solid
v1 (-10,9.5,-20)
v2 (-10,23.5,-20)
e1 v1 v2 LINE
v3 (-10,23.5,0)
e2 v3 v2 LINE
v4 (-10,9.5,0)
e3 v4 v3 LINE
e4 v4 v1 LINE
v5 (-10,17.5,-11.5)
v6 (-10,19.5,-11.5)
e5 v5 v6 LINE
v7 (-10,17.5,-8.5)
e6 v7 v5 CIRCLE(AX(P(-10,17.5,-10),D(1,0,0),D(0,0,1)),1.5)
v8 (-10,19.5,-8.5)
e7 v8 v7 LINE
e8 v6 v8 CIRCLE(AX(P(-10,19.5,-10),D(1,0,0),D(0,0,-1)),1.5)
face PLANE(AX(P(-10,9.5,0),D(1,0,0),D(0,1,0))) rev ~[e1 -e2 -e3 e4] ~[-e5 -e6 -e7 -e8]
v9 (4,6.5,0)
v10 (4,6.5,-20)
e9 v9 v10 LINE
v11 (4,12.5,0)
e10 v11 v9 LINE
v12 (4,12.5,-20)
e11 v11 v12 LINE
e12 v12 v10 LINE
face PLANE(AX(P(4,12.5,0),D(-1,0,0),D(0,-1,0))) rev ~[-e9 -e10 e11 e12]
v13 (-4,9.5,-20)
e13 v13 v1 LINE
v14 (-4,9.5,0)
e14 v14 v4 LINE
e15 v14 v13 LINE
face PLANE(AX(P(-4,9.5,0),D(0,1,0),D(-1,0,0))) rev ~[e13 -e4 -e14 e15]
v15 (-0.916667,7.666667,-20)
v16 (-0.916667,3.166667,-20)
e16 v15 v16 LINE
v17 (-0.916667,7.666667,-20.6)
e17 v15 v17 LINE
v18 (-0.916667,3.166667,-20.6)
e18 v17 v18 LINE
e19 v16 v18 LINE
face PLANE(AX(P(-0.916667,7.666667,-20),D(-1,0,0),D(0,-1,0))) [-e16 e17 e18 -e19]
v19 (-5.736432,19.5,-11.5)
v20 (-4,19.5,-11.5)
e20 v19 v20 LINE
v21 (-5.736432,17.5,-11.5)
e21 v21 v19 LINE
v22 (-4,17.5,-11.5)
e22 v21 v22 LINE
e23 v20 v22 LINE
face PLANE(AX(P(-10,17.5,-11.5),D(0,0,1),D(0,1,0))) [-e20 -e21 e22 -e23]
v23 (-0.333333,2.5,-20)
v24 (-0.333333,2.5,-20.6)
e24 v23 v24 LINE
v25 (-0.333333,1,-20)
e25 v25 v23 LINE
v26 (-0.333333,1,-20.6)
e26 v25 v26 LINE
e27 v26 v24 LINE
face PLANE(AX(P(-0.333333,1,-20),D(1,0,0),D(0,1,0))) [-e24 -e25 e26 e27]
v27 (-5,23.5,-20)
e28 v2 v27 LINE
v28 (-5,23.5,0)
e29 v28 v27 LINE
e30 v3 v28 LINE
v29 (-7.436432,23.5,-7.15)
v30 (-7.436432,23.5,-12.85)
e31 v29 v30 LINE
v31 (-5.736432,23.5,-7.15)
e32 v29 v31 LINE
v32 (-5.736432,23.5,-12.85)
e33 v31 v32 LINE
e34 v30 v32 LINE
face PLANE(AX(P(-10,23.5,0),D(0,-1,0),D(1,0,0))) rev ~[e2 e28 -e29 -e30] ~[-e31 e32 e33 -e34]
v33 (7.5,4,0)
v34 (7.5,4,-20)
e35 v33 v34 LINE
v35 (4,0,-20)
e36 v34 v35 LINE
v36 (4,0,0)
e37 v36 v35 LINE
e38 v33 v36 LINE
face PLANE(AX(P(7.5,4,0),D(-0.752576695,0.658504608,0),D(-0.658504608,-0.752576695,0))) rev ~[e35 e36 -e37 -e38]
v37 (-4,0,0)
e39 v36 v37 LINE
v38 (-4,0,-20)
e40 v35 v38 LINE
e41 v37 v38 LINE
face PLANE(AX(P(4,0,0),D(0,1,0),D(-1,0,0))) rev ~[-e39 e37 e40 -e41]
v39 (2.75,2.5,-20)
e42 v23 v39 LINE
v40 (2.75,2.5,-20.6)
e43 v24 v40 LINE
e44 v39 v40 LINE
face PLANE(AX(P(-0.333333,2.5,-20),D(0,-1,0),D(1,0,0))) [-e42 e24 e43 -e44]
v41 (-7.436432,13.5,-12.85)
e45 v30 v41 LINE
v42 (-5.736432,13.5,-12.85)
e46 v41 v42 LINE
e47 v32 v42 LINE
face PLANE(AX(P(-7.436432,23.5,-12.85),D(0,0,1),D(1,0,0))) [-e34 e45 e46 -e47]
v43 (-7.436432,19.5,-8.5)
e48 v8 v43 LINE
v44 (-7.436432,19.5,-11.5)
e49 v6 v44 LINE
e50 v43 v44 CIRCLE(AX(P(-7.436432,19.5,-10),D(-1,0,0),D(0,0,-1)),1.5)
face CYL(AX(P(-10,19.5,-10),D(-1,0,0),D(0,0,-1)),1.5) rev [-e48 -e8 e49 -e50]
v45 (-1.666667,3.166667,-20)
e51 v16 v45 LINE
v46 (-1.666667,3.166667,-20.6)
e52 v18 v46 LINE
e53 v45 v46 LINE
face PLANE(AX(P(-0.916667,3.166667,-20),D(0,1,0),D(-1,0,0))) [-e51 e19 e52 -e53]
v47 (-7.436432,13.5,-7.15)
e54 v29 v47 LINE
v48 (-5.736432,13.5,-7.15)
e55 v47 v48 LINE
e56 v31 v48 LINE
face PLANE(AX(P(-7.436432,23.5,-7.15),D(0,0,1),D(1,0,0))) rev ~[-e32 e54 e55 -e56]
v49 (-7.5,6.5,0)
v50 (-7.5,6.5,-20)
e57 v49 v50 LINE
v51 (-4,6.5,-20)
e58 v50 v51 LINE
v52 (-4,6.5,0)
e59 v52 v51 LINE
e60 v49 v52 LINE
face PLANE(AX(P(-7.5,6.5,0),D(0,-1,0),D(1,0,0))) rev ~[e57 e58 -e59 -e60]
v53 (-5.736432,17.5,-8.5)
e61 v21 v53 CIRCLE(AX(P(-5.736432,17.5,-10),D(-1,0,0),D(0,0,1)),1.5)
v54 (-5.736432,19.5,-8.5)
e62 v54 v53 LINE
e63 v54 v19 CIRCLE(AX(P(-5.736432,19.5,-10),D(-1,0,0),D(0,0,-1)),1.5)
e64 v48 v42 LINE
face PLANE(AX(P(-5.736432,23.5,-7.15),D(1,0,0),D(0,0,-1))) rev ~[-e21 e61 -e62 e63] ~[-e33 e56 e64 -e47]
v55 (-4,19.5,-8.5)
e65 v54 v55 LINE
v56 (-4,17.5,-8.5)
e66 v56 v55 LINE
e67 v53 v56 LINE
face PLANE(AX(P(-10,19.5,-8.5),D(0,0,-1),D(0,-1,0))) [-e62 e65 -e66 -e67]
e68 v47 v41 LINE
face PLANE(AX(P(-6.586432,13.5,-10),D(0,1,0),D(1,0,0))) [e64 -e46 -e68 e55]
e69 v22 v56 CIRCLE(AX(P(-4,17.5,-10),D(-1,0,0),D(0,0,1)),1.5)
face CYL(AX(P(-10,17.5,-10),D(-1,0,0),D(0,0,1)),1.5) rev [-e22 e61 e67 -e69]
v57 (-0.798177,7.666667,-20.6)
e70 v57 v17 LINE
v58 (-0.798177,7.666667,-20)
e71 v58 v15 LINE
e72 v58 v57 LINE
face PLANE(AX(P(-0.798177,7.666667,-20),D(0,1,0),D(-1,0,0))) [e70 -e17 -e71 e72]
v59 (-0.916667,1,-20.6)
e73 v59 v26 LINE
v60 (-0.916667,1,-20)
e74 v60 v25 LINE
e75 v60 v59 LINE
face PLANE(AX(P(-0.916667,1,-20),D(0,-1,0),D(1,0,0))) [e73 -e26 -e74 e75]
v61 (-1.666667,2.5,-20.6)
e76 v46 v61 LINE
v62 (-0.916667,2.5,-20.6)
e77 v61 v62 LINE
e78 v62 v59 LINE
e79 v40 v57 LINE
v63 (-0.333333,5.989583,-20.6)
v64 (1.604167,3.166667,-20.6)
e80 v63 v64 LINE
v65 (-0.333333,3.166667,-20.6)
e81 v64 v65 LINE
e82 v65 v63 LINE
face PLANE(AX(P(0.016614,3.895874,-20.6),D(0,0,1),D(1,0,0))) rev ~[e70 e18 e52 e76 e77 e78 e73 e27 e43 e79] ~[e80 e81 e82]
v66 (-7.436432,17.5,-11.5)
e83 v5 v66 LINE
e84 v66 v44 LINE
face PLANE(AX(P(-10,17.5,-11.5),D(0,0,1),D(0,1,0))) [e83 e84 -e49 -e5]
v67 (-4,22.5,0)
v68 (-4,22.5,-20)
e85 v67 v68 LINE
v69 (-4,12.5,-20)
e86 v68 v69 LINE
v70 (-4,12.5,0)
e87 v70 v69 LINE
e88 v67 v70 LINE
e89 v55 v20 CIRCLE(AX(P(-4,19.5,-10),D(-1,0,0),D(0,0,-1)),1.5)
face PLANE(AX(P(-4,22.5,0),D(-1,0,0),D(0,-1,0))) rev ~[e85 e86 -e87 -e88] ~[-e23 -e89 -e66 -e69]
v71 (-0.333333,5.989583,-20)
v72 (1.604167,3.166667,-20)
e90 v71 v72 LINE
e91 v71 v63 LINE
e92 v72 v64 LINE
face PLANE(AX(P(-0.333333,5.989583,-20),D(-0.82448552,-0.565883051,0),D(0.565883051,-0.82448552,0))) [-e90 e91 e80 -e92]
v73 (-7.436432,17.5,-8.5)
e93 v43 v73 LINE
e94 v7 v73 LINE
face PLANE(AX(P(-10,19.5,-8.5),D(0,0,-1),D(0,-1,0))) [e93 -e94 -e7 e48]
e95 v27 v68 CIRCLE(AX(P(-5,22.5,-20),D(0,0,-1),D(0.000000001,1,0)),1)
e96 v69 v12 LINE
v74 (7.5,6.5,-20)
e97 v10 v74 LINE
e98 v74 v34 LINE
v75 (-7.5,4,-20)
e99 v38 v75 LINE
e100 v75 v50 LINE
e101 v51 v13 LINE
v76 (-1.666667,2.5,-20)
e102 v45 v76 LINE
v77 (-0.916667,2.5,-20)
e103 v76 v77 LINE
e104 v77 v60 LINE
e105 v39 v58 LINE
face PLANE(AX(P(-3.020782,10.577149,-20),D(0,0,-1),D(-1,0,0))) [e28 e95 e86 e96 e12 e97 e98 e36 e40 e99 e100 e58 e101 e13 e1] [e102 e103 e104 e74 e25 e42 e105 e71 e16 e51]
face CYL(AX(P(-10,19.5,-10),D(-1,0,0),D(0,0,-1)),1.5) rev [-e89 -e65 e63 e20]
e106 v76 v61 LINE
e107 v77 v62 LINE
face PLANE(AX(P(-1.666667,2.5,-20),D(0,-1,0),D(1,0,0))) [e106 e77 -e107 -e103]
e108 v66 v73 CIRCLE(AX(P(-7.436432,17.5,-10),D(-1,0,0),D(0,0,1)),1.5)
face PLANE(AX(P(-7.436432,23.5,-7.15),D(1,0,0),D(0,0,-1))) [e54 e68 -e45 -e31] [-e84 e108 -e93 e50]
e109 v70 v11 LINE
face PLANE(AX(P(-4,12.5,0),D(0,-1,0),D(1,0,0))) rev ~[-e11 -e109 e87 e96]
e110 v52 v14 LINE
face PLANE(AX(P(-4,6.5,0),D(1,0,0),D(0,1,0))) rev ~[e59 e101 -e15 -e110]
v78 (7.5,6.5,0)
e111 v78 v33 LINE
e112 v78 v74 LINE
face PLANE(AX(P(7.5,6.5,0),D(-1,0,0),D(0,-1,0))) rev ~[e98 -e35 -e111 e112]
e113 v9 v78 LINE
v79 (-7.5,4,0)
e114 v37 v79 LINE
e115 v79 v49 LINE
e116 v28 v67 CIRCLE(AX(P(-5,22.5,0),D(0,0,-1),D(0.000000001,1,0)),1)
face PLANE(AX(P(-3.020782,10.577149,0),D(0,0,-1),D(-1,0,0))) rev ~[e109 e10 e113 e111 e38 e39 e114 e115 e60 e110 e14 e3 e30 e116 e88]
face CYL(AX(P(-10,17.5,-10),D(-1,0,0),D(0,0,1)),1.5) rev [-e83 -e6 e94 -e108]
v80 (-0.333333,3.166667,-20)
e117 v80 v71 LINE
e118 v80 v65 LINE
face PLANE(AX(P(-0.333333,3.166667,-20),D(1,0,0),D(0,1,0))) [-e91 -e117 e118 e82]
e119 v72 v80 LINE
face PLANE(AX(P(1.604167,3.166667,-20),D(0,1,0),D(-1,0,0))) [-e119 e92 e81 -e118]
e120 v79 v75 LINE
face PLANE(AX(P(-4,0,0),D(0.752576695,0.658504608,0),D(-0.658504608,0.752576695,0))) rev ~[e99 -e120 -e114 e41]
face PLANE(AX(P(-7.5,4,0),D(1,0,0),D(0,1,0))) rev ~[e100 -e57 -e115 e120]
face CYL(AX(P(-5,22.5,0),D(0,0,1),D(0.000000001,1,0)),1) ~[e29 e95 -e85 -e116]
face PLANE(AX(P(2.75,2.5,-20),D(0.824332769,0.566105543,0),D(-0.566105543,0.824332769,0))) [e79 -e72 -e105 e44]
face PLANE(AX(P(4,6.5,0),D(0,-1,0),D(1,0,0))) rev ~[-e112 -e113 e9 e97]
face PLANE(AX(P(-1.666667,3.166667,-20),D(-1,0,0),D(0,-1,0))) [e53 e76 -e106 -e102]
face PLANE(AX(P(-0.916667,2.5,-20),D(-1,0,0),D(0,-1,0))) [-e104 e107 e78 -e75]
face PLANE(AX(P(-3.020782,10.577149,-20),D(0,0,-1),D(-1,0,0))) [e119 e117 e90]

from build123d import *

# Parameters (mm, degrees)
ESTRUSIONE_ESTRUSIONE1_DEPTH = 20
TAGLIO_ESTRUSIONE1_REACH     = 37.475
ESTRUSIONE_ESTRUSIONE4_DEPTH = 0.6
SCHIZZO12_W                  = 1.7
SCHIZZO12_H                  = 5.7
TAGLIO_ESTRUSIONE2_DEPTH     = 10


with BuildPart() as part:
    # Schizzo2 → Estrusione-Estrusione1 (new body)
    with BuildSketch(Plane.XY):
        with BuildLine():
            Line((-4, 9.5), (-10, 9.5))
            Line((-10, 9.5), (-10, 23.5))
            Line((-10, 23.5), (-5, 23.5))
            ThreePointArc((-5, 23.5), (-4.292893219, 23.207106781), (-4, 22.5))
            Line((-4, 22.5), (-4, 12.5))
            Line((-4, 12.5), (4, 12.5))
            Line((4, 12.5), (4, 9.5))
            Line((4, 9.5), (4, 6.5))
            Line((4, 6.5), (7.5, 6.5))
            Line((7.5, 6.5), (7.5, 4))
            Line((7.5, 4), (4, 0))
            Line((4, 0), (-4, 0))
            Line((-4, 0), (-7.5, 4))
            Line((-7.5, 4), (-7.5, 6.5))
            Line((-7.5, 6.5), (-4, 6.5))
            Line((-4, 6.5), (-4, 9.5))
        make_face()
    extrude(amount=-ESTRUSIONE_ESTRUSIONE1_DEPTH)

    # Schizzo6 → Taglio-Estrusione1 (cut, up to next)
    with BuildSketch(Plane.ZY.offset(10), mode=Mode.PRIVATE) as taglio_estrusione1_sk1:
        with BuildLine():
            Line((-8.5, 19.5), (-8.5, 17.5))
            ThreePointArc((-8.5, 17.5), (-10, 16), (-11.5, 17.5))
            Line((-11.5, 17.5), (-11.5, 19.5))
            ThreePointArc((-11.5, 19.5), (-10, 21), (-8.5, 19.5))
        make_face()
    taglio_estrusione1_tool1 = extrude(taglio_estrusione1_sk1.sketch, amount=-TAGLIO_ESTRUSIONE1_REACH, mode=Mode.PRIVATE) & part.part
    add(taglio_estrusione1_tool1.solids().sort_by_distance((-10, 18.5, -10))[0], mode=Mode.SUBTRACT)

    # Schizzo11 → Estrusione-Estrusione4 (add)
    with BuildSketch(Plane(origin=(0, 0, -20), x_dir=(-1, 0, 0), z_dir=(0, 0, -1))):
        Polygon((0.798177083, 7.666666667), (0.916666667, 7.666666667), (0.916666667, 3.166666667), (1.666666667, 3.166666667), (1.666666667, 2.5), (0.916666667, 2.5), (0.916666667, 1), (0.333333333, 1), (0.333333333, 2.5), (-2.75, 2.5), align=None)
        Polygon((0.333333333, 3.166666667), (0.333333333, 5.989583333), (-1.604166667, 3.166666667), align=None, mode=Mode.SUBTRACT)
    extrude(amount=ESTRUSIONE_ESTRUSIONE4_DEPTH)

    # Schizzo12 → Taglio-Estrusione2 (cut)
    with BuildSketch(Plane(origin=(0, 23.5, 0), x_dir=(1, 0, 0), z_dir=(0, 1, 0))):
        with Locations((-6.586432065, 10)):
            Rectangle(SCHIZZO12_W, SCHIZZO12_H)
    extrude(amount=-TAGLIO_ESTRUSIONE2_DEPTH, mode=Mode.SUBTRACT)


solid = part.part
